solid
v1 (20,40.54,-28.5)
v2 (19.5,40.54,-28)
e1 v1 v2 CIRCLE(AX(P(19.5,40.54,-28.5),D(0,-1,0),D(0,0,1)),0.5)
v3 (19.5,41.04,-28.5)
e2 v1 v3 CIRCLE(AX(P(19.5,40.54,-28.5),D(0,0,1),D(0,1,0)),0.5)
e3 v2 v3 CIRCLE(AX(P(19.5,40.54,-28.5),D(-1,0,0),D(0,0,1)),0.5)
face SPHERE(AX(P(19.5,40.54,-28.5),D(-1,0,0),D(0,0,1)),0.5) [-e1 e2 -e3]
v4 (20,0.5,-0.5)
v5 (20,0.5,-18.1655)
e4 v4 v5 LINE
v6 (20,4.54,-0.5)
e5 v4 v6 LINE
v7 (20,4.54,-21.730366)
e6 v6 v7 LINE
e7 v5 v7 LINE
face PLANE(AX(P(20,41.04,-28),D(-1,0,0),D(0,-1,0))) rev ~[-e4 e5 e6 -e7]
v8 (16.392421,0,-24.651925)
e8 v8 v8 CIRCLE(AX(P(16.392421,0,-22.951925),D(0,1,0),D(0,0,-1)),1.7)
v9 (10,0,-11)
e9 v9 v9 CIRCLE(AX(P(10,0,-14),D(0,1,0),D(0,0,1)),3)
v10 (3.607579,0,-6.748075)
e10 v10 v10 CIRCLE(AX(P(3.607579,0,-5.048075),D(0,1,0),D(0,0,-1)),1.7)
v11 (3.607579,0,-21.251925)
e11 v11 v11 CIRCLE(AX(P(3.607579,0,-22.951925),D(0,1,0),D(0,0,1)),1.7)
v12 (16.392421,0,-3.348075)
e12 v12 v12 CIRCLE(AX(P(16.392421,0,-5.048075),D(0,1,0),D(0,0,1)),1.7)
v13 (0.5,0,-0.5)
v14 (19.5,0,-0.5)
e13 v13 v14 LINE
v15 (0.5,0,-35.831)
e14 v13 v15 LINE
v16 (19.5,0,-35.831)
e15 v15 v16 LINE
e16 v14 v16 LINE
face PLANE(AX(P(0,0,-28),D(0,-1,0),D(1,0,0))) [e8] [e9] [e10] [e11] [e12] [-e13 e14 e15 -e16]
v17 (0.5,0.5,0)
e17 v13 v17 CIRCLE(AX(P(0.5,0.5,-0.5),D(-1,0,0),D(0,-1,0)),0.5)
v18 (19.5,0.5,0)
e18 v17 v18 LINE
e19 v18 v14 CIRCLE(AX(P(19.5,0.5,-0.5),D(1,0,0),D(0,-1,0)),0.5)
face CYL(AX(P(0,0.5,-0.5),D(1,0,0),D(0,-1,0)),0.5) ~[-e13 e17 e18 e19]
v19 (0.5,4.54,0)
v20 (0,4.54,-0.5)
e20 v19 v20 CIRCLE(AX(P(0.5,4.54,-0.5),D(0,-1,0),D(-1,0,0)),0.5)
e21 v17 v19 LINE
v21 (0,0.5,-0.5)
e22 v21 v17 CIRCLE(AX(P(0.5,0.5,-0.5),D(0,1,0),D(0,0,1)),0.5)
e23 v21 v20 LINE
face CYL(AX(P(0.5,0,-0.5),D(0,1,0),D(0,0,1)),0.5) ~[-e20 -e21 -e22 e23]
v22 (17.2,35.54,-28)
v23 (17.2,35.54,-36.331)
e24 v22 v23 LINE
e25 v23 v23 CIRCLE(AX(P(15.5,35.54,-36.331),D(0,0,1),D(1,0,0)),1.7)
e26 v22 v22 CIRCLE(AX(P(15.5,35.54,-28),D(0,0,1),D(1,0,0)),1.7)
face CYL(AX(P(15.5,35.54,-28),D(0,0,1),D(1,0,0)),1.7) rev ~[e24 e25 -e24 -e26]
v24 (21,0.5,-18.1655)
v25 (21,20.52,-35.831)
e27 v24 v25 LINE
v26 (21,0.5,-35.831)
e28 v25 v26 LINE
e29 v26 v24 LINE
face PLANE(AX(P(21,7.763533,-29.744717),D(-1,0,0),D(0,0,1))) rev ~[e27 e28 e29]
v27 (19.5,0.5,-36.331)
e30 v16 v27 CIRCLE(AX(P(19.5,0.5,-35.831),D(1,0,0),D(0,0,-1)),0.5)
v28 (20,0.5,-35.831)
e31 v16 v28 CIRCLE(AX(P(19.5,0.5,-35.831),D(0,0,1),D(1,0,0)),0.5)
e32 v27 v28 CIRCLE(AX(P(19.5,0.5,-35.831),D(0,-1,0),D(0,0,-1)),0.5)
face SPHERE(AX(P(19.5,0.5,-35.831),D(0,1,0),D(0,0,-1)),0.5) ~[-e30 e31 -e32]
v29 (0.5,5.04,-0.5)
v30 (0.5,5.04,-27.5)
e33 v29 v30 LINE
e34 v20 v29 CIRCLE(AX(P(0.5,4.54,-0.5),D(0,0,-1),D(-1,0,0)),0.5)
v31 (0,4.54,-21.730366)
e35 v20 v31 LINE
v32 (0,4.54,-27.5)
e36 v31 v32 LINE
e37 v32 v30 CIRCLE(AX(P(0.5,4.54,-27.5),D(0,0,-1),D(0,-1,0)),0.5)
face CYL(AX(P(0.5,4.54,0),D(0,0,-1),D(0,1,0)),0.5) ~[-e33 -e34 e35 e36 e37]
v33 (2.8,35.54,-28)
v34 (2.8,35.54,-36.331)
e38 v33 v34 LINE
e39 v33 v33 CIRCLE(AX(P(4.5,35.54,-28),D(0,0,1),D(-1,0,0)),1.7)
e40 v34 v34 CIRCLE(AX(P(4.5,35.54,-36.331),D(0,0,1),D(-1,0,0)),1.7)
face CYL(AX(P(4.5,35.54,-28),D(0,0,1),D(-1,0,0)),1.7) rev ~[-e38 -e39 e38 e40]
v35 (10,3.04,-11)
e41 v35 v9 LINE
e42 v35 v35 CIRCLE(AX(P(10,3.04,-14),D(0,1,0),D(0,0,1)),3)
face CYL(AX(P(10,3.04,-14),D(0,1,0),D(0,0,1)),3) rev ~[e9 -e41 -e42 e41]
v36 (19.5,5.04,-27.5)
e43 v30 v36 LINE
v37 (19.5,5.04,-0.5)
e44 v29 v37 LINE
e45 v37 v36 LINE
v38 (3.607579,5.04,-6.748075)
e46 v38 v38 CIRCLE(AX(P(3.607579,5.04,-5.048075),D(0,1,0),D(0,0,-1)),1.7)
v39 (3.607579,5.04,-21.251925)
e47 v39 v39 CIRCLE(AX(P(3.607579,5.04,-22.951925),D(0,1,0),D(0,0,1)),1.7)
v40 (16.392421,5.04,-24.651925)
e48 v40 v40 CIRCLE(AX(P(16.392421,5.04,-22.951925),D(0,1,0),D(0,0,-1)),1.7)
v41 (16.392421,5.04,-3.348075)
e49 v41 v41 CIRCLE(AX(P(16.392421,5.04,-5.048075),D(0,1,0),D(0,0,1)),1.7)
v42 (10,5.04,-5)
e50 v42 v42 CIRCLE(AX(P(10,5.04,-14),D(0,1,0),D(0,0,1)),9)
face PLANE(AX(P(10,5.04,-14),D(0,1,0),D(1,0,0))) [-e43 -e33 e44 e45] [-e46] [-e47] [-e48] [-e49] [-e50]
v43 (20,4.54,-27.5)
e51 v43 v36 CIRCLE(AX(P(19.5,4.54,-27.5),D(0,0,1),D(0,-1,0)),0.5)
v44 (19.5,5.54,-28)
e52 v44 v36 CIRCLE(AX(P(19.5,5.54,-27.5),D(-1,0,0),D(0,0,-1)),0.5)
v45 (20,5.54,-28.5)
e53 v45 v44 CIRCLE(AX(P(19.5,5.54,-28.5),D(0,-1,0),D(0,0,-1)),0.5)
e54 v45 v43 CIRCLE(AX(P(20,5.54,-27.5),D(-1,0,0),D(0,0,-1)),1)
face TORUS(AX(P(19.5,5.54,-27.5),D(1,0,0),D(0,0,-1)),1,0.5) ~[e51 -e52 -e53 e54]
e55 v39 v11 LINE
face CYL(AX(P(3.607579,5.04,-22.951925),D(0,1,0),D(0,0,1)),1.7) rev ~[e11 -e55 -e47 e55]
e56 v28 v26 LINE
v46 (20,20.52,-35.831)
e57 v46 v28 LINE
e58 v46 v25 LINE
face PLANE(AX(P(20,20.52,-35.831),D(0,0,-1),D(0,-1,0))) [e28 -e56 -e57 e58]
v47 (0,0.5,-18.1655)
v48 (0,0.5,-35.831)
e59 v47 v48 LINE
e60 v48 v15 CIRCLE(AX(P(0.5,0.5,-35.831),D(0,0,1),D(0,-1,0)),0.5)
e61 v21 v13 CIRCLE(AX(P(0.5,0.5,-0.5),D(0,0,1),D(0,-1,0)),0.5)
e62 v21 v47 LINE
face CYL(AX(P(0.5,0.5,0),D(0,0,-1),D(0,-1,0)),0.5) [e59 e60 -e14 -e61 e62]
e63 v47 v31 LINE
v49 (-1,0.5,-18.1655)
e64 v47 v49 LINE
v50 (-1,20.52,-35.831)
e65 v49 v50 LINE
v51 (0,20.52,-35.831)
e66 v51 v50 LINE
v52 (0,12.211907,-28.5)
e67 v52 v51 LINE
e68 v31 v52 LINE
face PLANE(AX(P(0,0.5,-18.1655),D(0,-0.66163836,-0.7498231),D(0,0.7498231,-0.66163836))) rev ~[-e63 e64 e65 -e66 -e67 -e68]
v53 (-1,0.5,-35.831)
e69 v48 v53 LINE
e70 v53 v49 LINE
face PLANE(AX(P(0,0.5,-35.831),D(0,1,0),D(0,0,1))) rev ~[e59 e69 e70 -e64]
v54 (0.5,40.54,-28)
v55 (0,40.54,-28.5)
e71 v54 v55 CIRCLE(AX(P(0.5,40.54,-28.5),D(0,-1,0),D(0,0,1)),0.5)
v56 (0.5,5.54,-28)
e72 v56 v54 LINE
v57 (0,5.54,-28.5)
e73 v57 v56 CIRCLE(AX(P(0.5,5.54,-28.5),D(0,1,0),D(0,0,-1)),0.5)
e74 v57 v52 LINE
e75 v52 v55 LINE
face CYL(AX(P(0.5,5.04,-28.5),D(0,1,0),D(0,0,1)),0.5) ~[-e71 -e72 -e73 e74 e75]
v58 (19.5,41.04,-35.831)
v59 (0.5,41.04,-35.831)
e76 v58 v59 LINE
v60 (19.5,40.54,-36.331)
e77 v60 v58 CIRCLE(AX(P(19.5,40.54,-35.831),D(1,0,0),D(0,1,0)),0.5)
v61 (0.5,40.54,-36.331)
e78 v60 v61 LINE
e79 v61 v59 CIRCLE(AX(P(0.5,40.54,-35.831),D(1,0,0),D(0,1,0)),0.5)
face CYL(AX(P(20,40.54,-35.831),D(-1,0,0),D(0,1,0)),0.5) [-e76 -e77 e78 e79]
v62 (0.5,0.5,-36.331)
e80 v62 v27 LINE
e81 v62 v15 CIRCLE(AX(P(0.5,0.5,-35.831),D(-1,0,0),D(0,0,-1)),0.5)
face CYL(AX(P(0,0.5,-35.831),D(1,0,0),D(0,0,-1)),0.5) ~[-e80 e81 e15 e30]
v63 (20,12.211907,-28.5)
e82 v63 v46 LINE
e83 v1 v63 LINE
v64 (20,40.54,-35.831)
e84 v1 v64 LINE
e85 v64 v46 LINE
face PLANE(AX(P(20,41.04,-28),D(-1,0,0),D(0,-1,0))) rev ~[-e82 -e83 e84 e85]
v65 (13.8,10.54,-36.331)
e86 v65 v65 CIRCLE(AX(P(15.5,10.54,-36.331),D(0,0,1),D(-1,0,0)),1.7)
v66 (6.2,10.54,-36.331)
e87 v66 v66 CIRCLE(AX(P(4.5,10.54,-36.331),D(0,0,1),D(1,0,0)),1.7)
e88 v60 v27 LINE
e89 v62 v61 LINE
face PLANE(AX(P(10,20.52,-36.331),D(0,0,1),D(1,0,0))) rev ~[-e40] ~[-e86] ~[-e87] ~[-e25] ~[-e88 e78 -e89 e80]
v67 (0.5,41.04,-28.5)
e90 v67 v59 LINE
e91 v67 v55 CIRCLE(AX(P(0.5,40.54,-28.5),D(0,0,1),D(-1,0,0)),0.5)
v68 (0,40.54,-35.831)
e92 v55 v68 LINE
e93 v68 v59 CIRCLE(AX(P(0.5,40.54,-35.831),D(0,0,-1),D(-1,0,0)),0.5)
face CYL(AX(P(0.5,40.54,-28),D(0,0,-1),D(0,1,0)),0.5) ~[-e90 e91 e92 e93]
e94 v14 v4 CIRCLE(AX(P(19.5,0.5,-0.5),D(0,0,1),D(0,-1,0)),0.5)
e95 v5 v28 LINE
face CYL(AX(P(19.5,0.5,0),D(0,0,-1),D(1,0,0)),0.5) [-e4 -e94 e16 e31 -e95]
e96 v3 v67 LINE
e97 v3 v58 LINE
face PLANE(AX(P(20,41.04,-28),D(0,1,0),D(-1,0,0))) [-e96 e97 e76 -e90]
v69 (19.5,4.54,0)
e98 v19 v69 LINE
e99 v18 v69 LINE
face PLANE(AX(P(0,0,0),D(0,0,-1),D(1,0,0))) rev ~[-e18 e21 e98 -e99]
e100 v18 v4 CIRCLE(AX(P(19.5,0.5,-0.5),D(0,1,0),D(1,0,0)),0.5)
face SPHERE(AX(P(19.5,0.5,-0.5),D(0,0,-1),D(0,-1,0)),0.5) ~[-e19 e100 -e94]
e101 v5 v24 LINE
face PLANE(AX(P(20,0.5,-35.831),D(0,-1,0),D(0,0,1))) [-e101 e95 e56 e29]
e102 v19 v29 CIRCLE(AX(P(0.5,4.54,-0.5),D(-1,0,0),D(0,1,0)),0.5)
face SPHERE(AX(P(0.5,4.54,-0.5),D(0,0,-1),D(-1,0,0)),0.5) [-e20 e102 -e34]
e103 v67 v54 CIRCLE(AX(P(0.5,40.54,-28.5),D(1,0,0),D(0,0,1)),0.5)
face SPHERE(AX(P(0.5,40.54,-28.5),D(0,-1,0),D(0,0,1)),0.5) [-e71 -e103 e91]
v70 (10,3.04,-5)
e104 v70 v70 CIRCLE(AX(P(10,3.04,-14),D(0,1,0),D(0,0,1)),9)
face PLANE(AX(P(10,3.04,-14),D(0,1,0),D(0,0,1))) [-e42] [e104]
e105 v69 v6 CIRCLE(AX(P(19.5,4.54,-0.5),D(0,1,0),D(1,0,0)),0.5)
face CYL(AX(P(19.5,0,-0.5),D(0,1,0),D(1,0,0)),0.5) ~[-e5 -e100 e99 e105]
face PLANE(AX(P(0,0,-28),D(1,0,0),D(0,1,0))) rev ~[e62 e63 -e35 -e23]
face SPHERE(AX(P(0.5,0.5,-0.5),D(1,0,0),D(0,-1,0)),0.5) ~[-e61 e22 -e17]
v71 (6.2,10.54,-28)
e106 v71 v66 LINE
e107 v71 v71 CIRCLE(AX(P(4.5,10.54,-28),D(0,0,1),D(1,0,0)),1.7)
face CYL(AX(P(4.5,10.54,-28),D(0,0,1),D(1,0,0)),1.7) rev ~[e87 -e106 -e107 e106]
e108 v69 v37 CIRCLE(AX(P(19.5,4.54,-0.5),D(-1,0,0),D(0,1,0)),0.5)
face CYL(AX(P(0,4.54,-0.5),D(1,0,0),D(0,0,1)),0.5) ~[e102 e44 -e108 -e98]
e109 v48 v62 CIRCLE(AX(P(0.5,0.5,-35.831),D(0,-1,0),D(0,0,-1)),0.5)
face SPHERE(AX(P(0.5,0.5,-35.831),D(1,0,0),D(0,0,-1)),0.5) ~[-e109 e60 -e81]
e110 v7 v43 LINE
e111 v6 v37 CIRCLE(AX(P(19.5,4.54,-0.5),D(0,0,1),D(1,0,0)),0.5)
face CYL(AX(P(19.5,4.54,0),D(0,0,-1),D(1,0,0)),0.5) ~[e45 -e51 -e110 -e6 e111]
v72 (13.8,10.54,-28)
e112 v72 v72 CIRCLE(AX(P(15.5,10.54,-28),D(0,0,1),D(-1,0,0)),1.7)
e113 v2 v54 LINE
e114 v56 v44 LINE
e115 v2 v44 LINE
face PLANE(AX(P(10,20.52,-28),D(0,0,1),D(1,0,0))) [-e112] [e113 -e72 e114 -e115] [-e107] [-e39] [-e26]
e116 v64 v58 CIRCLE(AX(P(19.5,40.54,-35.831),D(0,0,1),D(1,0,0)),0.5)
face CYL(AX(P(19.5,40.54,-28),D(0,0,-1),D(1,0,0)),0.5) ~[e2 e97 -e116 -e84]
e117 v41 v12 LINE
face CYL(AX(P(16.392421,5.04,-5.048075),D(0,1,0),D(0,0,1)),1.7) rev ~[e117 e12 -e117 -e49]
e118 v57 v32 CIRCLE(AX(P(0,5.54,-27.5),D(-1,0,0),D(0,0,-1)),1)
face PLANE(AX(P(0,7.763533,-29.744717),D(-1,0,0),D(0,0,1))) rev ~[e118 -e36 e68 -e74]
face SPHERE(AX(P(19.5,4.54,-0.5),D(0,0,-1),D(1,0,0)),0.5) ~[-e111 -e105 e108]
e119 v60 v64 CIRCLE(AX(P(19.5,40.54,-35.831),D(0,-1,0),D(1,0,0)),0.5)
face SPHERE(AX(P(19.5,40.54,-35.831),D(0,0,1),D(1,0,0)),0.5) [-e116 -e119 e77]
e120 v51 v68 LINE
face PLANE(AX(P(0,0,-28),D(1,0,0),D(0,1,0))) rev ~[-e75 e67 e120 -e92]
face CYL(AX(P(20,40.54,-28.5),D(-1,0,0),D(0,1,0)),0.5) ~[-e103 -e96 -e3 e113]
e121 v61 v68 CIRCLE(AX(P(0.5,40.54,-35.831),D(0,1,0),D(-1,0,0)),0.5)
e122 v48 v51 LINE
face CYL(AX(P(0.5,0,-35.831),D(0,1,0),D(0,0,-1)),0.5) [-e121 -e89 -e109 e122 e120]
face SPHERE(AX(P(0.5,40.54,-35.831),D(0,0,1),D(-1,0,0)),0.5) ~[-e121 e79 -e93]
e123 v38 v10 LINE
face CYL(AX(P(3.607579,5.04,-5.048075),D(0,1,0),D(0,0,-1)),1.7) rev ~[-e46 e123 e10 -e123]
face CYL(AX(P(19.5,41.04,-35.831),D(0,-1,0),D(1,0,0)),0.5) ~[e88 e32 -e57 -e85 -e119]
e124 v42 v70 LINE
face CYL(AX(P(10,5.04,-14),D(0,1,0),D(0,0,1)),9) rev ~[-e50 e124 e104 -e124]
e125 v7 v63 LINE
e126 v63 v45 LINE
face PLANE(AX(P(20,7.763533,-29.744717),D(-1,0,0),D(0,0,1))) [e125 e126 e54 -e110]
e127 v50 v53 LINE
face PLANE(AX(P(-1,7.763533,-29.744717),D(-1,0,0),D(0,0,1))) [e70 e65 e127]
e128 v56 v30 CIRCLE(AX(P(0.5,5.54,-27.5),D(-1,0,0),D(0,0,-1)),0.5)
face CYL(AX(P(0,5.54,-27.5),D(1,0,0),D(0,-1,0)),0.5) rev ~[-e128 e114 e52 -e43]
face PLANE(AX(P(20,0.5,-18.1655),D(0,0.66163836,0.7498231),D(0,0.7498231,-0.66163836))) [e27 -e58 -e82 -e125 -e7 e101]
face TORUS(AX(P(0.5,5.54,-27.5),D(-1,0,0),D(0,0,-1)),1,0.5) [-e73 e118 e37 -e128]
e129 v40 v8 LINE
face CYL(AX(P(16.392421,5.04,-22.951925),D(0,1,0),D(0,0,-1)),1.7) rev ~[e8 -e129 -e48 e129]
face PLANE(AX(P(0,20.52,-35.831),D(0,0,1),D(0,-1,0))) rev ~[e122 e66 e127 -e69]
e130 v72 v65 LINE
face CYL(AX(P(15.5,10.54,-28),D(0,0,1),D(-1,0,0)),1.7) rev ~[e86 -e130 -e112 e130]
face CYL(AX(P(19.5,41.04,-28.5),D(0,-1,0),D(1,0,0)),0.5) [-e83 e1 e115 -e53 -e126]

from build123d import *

# Parameters (mm, degrees)
SKETCH1_W           = 20
SKETCH1_H           = 28
BOSS_EXTRUDE1_DEPTH = 5.04
SKETCH3_R           = 9
CUT_EXTRUDE1_DEPTH  = 2
SKETCH4_R           = 3
CUT_EXTRUDE2_DEPTH  = 35.543329313
SKETCH7_R           = 1.7
CUT_EXTRUDE3_DEPTH  = 35.776451803
BOSS_EXTRUDE2_DEPTH = 8.331
SKETCH9_R           = 1.7
CUT_EXTRUDE4_DEPTH  = 54.556340428
FILLET2_R           = 0.5
BOSS_EXTRUDE3_DEPTH = 1
BOSS_EXTRUDE4_DEPTH = 1


with BuildPart() as part:
    # Sketch1 → Boss-Extrude1 (new body)
    with BuildSketch(Plane(origin=(0, 0, 0), x_dir=(1, 0, 0), z_dir=(0, 1, 0))):
        with Locations((10, 14)):
            Rectangle(SKETCH1_W, SKETCH1_H)
    extrude(amount=BOSS_EXTRUDE1_DEPTH)

    # Sketch3 → Cut-Extrude1 (cut)
    with BuildSketch(Plane(origin=(0, 5.04, 0), x_dir=(1, 0, 0), z_dir=(0, 1, 0))):
        with Locations((10, 14)):
            Circle(SKETCH3_R)
    extrude(amount=-CUT_EXTRUDE1_DEPTH, mode=Mode.SUBTRACT)

    # Sketch4 → Cut-Extrude2 (cut, through all)
    with BuildSketch(Plane(origin=(0, 3.04, 0), x_dir=(1, 0, 0), z_dir=(0, 1, 0))):
        with Locations((10, 14)):
            Circle(SKETCH4_R)
    extrude(amount=-CUT_EXTRUDE2_DEPTH, mode=Mode.SUBTRACT)

    # Sketch7 → Cut-Extrude3 (cut, through all)
    with BuildSketch(Plane(origin=(0, 5.04, 0), x_dir=(1, 0, 0), z_dir=(0, 1, 0))):
        with Locations((3.607579394, 22.951924866)):
            Circle(SKETCH7_R)
        with Locations((16.392420606, 22.951924866)):
            Circle(SKETCH7_R)
        with Locations((16.392420606, 5.048075134)):
            Circle(SKETCH7_R)
        with Locations((3.607579394, 5.048075134)):
            Circle(SKETCH7_R)
    extrude(amount=-CUT_EXTRUDE3_DEPTH, mode=Mode.SUBTRACT)

    # Sketch8 → Boss-Extrude2 (add)
    with BuildSketch(Plane(origin=(0, 0, -28), x_dir=(-1, 0, 0), z_dir=(0, 0, -1))):
        Polygon((-20, 5.04), (-20, 41.04), (0, 41.04), (0, 5.04), (0, 0), (-20, 0), align=None)
    extrude(amount=BOSS_EXTRUDE2_DEPTH)

    # Sketch9 → Cut-Extrude4 (cut, through all)
    with BuildSketch(Plane.XY.offset(-28)):
        with Locations((4.5, 10.54)):
            Circle(SKETCH9_R)
        with Locations((15.5, 10.54)):
            Circle(SKETCH9_R)
        with Locations((15.5, 35.54)):
            Circle(SKETCH9_R)
        with Locations((4.5, 35.54)):
            Circle(SKETCH9_R)
    extrude(amount=-CUT_EXTRUDE4_DEPTH, mode=Mode.SUBTRACT)

    # Fillet2
    fillet2_edges = [part.edges().sort_by_distance(p)[0] for p in [
        (10, 5.04, -28),
        (0, 41.04, -32.1655),
        (10, 41.04, -36.331),
        (20, 41.04, -32.1655),
        (10, 41.04, -28),
        (20, 23.04, -28),
        (20, 20.52, -36.331),
        (0, 23.04, -28),
        (10, 0, -36.331),
        (0, 20.52, -36.331),
        (0, 0, -18.1655),
        (20, 0, -18.1655),
        (10, 0, 0),
        (20, 2.52, 0),
        (0, 2.52, 0),
        (0, 5.04, -14),
        (10, 5.04, 0),
        (20, 5.04, -14),
    ]]
    fillet(fillet2_edges, radius=FILLET2_R)

    # Sketch10 → Boss-Extrude3 (add)
    with BuildSketch(Plane(origin=(20, 0, 0), x_dir=(0, 0, -1), z_dir=(1, 0, 0))):
        Polygon((18.1655, 0.5), (35.831, 20.52), (35.831, 0.5), align=None)
    extrude(amount=BOSS_EXTRUDE3_DEPTH)

    # Sketch11 → Boss-Extrude4 (add)
    with BuildSketch(Plane.ZY):
        Polygon((-18.1655, 0.5), (-35.831, 20.52), (-35.831, 0.5), align=None)
    extrude(amount=BOSS_EXTRUDE4_DEPTH)


solid = part.part
